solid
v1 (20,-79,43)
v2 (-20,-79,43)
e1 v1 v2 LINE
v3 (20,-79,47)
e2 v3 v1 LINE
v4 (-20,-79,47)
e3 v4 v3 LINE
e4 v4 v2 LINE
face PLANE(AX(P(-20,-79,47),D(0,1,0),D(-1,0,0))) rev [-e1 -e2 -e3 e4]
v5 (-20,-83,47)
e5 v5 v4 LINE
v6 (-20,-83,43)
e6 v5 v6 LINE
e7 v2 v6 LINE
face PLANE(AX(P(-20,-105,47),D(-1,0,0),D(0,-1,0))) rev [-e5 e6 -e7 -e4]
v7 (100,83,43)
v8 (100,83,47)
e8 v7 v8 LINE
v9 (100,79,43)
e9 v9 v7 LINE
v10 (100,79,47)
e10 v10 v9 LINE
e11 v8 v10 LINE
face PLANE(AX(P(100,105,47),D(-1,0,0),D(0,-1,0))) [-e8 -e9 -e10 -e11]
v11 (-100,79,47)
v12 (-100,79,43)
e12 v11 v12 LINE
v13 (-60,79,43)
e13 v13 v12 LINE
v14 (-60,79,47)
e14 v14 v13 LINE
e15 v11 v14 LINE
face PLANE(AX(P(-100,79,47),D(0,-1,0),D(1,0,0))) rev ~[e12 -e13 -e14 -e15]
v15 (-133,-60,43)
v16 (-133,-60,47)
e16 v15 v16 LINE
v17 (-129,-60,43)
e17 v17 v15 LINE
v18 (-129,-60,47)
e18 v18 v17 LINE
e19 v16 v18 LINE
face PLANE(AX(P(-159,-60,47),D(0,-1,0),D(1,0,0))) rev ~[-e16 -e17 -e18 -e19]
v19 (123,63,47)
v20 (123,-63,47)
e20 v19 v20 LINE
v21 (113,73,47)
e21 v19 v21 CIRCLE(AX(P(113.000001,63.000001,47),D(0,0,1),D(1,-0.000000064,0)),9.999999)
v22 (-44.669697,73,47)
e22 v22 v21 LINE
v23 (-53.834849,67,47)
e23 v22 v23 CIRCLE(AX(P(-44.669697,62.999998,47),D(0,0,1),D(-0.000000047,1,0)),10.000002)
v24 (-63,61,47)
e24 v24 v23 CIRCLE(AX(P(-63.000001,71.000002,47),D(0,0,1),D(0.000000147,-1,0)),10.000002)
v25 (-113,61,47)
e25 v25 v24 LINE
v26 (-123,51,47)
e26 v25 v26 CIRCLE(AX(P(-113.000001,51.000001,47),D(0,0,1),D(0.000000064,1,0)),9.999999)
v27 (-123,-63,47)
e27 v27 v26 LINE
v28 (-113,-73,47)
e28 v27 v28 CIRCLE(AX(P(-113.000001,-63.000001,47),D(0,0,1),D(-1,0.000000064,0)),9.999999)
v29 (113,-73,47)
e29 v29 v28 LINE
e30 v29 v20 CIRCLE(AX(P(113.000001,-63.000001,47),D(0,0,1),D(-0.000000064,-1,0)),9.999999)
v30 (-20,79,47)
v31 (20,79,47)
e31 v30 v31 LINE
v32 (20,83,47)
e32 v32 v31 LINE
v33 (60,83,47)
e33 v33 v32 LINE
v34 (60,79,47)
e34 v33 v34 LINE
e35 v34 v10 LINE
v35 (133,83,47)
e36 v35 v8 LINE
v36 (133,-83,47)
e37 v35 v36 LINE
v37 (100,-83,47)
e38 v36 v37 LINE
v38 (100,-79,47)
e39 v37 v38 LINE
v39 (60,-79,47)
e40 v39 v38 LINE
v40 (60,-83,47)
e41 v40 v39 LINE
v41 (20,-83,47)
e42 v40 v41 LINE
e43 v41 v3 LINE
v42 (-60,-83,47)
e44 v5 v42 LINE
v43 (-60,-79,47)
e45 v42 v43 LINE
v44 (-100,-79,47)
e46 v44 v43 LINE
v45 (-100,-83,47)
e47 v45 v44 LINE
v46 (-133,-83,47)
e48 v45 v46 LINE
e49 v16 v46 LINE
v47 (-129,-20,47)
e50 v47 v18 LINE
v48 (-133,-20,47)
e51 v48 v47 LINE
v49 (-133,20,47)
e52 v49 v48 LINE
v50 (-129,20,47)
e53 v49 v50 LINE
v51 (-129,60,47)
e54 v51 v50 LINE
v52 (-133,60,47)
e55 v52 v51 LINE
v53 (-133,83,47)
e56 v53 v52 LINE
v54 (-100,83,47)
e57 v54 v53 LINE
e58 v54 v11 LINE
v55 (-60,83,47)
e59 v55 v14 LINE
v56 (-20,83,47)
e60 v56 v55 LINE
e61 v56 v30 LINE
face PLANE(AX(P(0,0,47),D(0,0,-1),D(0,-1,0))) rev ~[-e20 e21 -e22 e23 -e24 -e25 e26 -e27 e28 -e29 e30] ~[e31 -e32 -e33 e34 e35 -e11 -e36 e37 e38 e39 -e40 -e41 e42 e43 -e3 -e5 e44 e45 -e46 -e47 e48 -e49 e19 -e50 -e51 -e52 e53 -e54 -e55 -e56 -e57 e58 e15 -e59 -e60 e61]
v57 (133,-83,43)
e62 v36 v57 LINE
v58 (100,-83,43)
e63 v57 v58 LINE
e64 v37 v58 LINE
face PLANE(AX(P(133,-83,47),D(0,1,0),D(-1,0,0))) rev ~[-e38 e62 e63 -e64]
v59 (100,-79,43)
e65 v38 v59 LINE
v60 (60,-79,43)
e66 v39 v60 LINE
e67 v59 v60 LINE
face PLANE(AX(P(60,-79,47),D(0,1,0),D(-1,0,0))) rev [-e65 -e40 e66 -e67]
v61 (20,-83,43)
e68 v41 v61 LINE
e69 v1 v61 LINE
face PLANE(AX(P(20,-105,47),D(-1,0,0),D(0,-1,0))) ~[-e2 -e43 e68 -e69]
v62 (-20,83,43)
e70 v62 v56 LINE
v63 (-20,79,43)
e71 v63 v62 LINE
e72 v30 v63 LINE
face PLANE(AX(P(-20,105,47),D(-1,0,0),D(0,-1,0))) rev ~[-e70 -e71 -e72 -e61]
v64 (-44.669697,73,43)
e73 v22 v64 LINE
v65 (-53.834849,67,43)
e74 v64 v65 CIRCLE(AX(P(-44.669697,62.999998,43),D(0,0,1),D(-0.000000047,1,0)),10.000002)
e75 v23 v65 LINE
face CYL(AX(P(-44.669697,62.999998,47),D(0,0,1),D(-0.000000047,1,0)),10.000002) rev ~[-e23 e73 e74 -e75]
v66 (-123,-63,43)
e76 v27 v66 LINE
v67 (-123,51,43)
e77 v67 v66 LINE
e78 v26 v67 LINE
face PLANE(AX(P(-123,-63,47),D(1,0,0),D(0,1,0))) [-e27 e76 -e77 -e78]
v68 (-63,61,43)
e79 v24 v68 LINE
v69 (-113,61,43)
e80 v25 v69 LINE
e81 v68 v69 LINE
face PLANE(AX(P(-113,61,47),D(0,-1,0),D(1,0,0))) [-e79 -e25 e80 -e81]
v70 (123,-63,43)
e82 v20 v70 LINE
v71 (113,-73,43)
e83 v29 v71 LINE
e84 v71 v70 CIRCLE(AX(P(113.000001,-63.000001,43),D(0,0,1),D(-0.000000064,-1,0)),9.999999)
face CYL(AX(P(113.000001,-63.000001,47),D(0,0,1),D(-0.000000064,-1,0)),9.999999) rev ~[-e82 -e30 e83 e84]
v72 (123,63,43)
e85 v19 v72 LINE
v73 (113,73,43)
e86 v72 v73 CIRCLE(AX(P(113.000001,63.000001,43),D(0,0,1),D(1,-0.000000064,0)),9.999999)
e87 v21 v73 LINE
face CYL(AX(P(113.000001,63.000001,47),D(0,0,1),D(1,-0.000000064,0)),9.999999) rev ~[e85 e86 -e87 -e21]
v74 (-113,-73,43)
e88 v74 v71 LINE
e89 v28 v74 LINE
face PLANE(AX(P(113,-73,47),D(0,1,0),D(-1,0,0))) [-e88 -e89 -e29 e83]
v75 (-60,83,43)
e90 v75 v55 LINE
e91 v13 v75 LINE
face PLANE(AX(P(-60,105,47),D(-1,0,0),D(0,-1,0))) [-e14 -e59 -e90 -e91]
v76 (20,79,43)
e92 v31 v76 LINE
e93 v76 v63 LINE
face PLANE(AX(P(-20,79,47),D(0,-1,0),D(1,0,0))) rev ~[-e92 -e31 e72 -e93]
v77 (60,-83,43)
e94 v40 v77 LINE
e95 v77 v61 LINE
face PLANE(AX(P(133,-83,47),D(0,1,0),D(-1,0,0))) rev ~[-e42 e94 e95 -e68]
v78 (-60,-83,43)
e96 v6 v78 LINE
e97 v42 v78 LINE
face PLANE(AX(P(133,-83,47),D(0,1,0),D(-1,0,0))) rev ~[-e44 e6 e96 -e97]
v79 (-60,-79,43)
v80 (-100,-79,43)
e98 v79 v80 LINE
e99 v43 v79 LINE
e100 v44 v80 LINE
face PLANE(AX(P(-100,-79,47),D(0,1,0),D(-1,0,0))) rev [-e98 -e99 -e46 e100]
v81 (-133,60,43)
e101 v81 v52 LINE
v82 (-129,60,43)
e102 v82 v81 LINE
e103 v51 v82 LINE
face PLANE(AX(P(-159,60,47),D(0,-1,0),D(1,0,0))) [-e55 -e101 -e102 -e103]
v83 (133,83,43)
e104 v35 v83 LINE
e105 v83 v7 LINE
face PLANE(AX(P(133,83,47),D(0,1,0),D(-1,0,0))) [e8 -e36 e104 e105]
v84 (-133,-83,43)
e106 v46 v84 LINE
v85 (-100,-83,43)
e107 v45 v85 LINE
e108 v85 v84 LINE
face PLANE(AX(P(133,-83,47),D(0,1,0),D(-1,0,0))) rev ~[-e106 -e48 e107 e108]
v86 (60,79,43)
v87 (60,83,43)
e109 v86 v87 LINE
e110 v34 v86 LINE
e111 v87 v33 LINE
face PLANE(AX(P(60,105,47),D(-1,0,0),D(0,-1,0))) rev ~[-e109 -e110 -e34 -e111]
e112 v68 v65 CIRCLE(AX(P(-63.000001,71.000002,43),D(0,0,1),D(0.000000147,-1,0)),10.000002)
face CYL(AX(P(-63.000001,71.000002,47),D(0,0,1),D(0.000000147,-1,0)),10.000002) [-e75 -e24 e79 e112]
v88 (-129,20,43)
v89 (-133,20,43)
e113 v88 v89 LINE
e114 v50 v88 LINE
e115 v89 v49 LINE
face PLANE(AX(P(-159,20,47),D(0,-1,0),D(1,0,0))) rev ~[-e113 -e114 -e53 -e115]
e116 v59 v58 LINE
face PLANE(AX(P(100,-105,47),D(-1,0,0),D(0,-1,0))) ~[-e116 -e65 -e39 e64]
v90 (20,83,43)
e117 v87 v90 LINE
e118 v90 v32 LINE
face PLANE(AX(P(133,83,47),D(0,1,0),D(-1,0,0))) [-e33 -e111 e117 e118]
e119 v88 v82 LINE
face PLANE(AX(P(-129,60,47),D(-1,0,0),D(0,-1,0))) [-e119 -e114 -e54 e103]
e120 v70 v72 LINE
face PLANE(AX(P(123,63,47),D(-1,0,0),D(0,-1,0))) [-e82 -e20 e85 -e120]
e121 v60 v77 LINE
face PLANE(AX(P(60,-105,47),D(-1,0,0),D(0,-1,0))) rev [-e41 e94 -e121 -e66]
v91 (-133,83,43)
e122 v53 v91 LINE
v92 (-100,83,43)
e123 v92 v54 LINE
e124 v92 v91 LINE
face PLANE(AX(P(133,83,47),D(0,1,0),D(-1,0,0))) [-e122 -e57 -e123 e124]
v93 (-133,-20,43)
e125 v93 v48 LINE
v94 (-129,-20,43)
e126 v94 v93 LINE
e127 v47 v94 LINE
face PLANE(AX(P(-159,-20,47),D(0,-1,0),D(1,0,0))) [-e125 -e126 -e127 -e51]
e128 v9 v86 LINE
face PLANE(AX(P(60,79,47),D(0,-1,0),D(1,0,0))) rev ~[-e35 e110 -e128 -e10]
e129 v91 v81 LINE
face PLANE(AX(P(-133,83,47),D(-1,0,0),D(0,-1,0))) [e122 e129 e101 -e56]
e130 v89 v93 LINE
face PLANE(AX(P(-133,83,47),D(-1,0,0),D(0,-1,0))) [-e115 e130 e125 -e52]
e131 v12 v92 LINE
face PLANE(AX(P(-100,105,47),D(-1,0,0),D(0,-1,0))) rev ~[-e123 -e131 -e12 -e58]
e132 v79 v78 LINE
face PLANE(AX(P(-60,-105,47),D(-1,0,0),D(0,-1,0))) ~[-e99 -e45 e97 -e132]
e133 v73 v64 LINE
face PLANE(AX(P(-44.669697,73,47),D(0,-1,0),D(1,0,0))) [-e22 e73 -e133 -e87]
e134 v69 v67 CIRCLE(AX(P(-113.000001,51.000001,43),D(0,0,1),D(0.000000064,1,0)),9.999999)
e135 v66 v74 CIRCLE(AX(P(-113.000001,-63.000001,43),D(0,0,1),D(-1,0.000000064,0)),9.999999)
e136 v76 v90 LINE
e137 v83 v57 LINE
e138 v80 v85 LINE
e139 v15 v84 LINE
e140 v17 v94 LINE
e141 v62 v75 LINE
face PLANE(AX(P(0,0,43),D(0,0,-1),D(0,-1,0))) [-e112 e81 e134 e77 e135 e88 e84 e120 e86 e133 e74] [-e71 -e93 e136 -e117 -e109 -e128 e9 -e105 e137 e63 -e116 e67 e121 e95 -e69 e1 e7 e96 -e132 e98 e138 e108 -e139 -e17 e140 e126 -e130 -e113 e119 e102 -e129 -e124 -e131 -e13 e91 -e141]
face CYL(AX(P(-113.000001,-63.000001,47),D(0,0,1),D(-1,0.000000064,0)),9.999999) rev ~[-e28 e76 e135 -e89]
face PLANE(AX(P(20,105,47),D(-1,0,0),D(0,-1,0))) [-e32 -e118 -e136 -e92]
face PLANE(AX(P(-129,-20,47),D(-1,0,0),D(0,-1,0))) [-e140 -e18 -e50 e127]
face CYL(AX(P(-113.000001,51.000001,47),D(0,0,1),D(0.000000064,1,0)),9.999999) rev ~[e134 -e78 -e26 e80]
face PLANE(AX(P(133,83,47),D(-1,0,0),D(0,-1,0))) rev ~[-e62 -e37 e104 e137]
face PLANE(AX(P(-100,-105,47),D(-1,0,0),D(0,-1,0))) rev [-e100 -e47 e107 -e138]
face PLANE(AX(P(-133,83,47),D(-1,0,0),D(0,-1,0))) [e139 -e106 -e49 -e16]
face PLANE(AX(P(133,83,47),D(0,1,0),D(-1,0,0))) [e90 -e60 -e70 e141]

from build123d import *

# Parameters (mm, degrees)
SKETCH013_W     = 166
SKETCH013_H     = 266
PAD010_DEPTH    = 4
SKETCH017_W     = 26
SKETCH017_H     = 40
POCKET002_DEPTH = 631.146916
SKETCH018_W     = 40
SKETCH018_H     = 30
POCKET003_DEPTH = 4.001
POCKET012_DEPTH = 4.001


with BuildPart() as part:
    # Sketch013 (on DatumPlane) → Pad010 (new body)
    with BuildSketch(Plane(origin=(-31.154728, 0, 47), x_dir=(0, -1, 0), z_dir=(0, 0, -1))):
        with Locations((0, -31.154728)):
            Rectangle(SKETCH013_W, SKETCH013_H)
    extrude(amount=PAD010_DEPTH)

    # Sketch017 (on Face5 of Pad010) → Pocket002 (cut, through all)
    with BuildSketch(Plane(origin=(-31.154728, 0, 47), x_dir=(0, -1, 0), z_dir=(0, 0, 1))):
        with Locations((-92, 111.154728)):
            Rectangle(SKETCH017_W, SKETCH017_H)
        with Locations((-92, 31.154728)):
            Rectangle(SKETCH017_W, SKETCH017_H)
        with Locations((-92, -48.845272)):
            Rectangle(SKETCH017_W, SKETCH017_H)
    pocket002 = extrude(amount=-POCKET002_DEPTH, mode=Mode.SUBTRACT)

    # Mirrored004: Pocket002 across Sketch017 V_Axis
    add(pocket002.mirror(Plane(origin=(-31.154728, 0, 47), x_dir=(0, 0, 1), z_dir=(0, -1, 0))), mode=Mode.SUBTRACT)

    # Sketch018 (on Face4 of Mirrored004) → Pocket003 (cut, through all)
    with BuildSketch(Plane(origin=(-31.154728, 0, 47), x_dir=(0, -1, 0), z_dir=(0, 0, 1))):
        with Locations((-40, -112.845272)):
            Rectangle(SKETCH018_W, SKETCH018_H)
        with Locations((40, -112.845272)):
            Rectangle(SKETCH018_W, SKETCH018_H)
    extrude(amount=-POCKET003_DEPTH, mode=Mode.SUBTRACT)

    # Sketch029 (on Face2 of Pocket003) → Pocket012 (cut, through all)
    with BuildSketch(Plane(origin=(-31.154728, 0, 47), x_dir=(0, -1, 0), z_dir=(0, 0, 1))):
        with BuildLine():
            Line((-63, 154.154728), (63, 154.154728))
            ThreePointArc((73, 144.154728), (70.071068, 151.225796), (63, 154.154728))
            Line((73, 144.154728), (73, -81.845272))
            ThreePointArc((63, -91.845272), (70.071068, -88.91634), (73, -81.845272))
            Line((63, -91.845272), (-51, -91.845272))
            ThreePointArc((-61, -81.845272), (-58.071068, -88.91634), (-51, -91.845272))
            Line((-61, -81.845272), (-61, -31.845272))
            ThreePointArc((-61, -31.845272), (-62.6334, -26.368047), (-67, -22.680121))
            ThreePointArc((-73, -13.514969), (-71.3666, -18.992195), (-67, -22.680121))
            Line((-73, -13.514969), (-73, 144.154728))
            ThreePointArc((-63, 154.154728), (-70.071068, 151.225796), (-73, 144.154728))
        make_face()
    extrude(amount=-POCKET012_DEPTH, mode=Mode.SUBTRACT)


solid = part.part
